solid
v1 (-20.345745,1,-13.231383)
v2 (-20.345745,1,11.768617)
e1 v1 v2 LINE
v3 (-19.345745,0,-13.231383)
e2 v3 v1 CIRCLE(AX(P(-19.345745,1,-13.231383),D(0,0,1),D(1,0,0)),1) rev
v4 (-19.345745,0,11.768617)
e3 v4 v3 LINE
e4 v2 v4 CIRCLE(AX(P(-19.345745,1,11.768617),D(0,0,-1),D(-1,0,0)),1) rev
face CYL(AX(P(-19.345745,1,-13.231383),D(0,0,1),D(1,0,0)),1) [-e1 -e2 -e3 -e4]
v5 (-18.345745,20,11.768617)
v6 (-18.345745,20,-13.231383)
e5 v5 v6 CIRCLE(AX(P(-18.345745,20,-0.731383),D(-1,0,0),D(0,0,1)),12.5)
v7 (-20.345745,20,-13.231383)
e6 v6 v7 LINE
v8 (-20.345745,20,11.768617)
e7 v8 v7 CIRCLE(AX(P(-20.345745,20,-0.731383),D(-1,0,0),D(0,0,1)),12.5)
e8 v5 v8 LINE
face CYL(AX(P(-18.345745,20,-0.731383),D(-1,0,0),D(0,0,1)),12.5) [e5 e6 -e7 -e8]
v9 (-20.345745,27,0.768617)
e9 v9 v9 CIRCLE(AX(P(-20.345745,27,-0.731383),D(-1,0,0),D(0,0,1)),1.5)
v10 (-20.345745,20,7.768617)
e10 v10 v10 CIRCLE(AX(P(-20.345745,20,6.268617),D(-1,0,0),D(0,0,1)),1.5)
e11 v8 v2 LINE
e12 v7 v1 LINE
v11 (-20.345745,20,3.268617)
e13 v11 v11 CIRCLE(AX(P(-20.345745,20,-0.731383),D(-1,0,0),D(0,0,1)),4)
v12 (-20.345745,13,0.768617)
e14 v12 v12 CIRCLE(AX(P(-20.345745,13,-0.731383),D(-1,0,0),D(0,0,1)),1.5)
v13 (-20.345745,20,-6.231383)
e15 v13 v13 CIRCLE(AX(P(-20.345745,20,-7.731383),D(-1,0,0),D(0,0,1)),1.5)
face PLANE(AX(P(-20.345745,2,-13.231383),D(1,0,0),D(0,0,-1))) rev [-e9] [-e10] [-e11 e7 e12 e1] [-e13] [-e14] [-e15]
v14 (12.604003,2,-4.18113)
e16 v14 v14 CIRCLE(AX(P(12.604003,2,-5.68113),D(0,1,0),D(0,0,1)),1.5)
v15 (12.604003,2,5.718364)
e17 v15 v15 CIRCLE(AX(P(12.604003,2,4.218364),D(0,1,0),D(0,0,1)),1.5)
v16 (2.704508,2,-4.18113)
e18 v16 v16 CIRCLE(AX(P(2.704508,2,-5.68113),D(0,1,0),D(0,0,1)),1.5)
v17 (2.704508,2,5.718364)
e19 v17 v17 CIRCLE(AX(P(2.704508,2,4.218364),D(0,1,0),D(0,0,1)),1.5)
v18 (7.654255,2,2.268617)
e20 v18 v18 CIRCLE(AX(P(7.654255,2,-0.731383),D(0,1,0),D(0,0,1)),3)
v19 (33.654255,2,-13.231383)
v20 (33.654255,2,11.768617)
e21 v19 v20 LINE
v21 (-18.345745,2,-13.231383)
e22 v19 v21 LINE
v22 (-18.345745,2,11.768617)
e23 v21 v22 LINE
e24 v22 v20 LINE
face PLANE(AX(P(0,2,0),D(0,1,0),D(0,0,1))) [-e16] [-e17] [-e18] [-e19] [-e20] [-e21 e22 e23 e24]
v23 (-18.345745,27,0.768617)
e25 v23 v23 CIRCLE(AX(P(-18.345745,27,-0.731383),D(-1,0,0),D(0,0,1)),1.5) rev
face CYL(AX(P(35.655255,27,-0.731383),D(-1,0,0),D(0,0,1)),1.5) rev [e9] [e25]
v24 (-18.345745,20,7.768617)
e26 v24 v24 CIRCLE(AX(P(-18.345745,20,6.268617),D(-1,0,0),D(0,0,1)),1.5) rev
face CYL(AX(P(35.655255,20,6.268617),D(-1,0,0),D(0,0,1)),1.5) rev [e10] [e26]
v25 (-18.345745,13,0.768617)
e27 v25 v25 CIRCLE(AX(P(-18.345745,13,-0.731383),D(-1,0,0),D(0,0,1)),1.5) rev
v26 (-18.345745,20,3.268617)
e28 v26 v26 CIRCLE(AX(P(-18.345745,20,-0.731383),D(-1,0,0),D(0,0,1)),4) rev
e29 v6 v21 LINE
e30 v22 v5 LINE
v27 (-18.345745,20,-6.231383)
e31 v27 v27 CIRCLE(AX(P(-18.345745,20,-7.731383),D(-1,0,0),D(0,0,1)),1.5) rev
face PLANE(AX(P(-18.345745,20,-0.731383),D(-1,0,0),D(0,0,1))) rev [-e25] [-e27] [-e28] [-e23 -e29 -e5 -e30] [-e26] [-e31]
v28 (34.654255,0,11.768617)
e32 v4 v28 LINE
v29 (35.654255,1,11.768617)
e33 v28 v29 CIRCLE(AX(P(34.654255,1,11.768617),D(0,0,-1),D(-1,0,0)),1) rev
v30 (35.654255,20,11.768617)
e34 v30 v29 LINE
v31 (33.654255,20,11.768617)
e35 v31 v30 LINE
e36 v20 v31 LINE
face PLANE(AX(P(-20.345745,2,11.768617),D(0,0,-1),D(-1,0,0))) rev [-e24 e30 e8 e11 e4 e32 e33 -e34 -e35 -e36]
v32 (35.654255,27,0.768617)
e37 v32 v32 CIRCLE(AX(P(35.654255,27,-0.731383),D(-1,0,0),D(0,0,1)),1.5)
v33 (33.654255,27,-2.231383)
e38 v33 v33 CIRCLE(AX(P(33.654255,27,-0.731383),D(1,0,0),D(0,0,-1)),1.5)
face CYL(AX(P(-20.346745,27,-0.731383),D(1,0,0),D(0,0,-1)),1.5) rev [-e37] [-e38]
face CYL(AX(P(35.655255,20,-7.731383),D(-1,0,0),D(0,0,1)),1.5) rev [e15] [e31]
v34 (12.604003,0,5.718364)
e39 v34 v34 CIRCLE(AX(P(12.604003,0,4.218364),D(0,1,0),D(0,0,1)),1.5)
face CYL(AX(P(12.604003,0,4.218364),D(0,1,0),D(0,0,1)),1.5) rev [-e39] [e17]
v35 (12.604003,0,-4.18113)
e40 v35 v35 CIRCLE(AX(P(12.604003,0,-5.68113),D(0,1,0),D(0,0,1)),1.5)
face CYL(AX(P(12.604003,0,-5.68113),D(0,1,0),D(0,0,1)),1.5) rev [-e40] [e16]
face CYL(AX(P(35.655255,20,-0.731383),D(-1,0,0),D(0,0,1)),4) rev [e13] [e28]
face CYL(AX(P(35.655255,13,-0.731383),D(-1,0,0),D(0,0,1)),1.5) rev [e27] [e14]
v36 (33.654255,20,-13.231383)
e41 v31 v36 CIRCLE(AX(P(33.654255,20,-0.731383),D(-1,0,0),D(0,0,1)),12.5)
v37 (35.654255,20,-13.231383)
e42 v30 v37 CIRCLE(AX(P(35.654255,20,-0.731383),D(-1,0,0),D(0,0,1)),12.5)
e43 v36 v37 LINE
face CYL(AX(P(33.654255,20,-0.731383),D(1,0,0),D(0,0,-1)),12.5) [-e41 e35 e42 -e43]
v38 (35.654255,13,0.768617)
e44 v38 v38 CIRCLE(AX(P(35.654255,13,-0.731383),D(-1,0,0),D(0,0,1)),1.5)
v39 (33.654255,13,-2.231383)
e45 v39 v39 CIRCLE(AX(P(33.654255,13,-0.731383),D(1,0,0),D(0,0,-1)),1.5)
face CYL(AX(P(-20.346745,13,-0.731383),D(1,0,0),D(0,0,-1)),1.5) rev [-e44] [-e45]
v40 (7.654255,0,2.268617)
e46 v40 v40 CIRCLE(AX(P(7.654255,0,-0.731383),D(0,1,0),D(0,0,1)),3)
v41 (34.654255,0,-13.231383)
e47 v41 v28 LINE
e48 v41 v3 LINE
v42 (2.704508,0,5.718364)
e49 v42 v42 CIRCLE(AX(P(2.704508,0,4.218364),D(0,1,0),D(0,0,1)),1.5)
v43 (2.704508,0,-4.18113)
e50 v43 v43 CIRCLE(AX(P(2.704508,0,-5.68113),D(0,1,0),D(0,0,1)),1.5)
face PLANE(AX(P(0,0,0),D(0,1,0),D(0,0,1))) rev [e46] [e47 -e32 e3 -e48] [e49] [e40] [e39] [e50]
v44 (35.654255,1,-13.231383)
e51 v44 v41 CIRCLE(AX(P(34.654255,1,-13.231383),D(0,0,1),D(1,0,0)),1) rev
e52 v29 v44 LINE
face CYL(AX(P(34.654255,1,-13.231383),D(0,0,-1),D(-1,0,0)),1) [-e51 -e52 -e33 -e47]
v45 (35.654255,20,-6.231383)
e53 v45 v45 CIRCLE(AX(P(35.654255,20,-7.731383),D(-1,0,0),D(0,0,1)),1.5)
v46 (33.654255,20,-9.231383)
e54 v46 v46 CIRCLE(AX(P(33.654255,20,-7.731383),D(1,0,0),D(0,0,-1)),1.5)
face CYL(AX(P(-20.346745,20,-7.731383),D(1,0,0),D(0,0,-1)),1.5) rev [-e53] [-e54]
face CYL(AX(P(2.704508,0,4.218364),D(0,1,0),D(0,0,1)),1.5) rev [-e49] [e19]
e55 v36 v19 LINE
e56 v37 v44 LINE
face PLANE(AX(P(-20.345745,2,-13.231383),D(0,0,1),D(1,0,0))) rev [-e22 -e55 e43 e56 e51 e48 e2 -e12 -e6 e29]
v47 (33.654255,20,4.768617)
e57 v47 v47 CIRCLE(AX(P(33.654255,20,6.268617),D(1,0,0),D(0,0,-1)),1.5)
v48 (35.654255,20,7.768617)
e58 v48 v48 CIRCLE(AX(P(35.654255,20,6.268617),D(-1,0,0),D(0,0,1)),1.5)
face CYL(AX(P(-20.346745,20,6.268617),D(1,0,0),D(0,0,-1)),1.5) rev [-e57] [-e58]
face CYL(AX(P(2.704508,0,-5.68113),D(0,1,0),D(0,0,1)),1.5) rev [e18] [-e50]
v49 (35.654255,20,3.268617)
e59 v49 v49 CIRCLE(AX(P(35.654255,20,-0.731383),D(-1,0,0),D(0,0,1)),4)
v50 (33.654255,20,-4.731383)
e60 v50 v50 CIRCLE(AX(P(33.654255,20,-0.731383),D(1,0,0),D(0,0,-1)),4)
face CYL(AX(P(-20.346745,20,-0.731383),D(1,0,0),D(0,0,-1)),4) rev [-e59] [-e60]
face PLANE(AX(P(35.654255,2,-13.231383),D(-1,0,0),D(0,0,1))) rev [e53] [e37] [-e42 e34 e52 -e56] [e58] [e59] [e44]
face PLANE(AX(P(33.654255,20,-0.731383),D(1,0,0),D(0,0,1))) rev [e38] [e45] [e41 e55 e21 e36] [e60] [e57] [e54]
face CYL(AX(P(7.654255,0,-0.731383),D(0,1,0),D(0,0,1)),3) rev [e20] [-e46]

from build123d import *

# Parameters (mm, degrees)
SKETCH_1_W          = 56
SKETCH_1_H          = 25
EXTRUDE_1_DEPTH     = 2
SKETCH_2_R          = 3
SKETCH_2_R_2        = 1.5
CUT_EXTRUDE_1_DEPTH = 39.082744359
EXTRUDE_2_DEPTH     = 2
CUT_EXTRUDE_2_REACH = 68.086
SKETCH_4_R          = 4
SKETCH_4_R_2        = 1.5
FILLET_1_R          = 1


with BuildPart() as part:
    # 草图1 → 凸台-拉伸1 (new body)
    with BuildSketch(Plane(origin=(0, 0, 0), x_dir=(1, 0, 0), z_dir=(0, 1, 0))):
        with Locations((7.654255319, 0.731382979)):
            Rectangle(SKETCH_1_W, SKETCH_1_H)
    extrude(amount=EXTRUDE_1_DEPTH)

    # 草图2 → 切除-拉伸1 (cut, through all)
    with BuildSketch(Plane(origin=(0, 2, 0), x_dir=(1, 0, 0), z_dir=(0, 1, 0))):
        with Locations(Location((7.654255319, 0.731382979, 0), (0, 0, 270))):
            Circle(SKETCH_2_R)
        with Locations(Location((12.604002787, 5.681130447, 0), (0, 0, 270))):
            Circle(SKETCH_2_R_2)
        with Locations(Location((2.704507851, 5.681130447, 0), (0, 0, 270))):
            Circle(SKETCH_2_R_2)
        with Locations(Location((12.604002787, -4.21836449, 0), (0, 0, 270))):
            Circle(SKETCH_2_R_2)
        with Locations(Location((2.704507851, -4.21836449, 0), (0, 0, 270))):
            Circle(SKETCH_2_R_2)
    extrude(amount=-CUT_EXTRUDE_1_DEPTH, mode=Mode.SUBTRACT)

    # 草图3 → 凸台-拉伸2 (add)
    with BuildSketch(Plane.ZY.offset(20.345744681)):
        with BuildLine():
            Line((-13.231382979, 20), (-13.231382979, 2))
            Line((-13.231382979, 2), (11.768617021, 2))
            Line((11.768617021, 2), (11.768617021, 20))
            ThreePointArc((11.768617021, 20), (-0.731382979, 32.5), (-13.231382979, 20))
        make_face()
    extrude_2 = extrude(amount=-EXTRUDE_2_DEPTH)

    # 草图4 → 切除-拉伸2 (cut, up to next)
    with BuildSketch(Plane.ZY.offset(20.345744681), mode=Mode.PRIVATE) as cut_extrude_2_sk1:
        with Locations((-0.731382979, 20)):
            Circle(SKETCH_4_R)
    cut_extrude_2_tool1 = extrude(cut_extrude_2_sk1.sketch, amount=-CUT_EXTRUDE_2_REACH, mode=Mode.PRIVATE) & part.part
    # 草图4 → 切除-拉伸2 (cut, up to next)
    with BuildSketch(Plane.ZY.offset(20.345744681), mode=Mode.PRIVATE) as cut_extrude_2_sk2:
        with Locations((-0.731382979, 27)):
            Circle(SKETCH_4_R_2)
    cut_extrude_2_tool2 = extrude(cut_extrude_2_sk2.sketch, amount=-CUT_EXTRUDE_2_REACH, mode=Mode.PRIVATE) & part.part
    # 草图4 → 切除-拉伸2 (cut, up to next)
    with BuildSketch(Plane.ZY.offset(20.345744681), mode=Mode.PRIVATE) as cut_extrude_2_sk3:
        with Locations((6.268617021, 20)):
            Circle(SKETCH_4_R_2)
    cut_extrude_2_tool3 = extrude(cut_extrude_2_sk3.sketch, amount=-CUT_EXTRUDE_2_REACH, mode=Mode.PRIVATE) & part.part
    # 草图4 → 切除-拉伸2 (cut, up to next)
    with BuildSketch(Plane.ZY.offset(20.345744681), mode=Mode.PRIVATE) as cut_extrude_2_sk4:
        with Locations((-0.731382979, 13)):
            Circle(SKETCH_4_R_2)
    cut_extrude_2_tool4 = extrude(cut_extrude_2_sk4.sketch, amount=-CUT_EXTRUDE_2_REACH, mode=Mode.PRIVATE) & part.part
    # 草图4 → 切除-拉伸2 (cut, up to next)
    with BuildSketch(Plane.ZY.offset(20.345744681), mode=Mode.PRIVATE) as cut_extrude_2_sk5:
        with Locations((-7.731382979, 20)):
            Circle(SKETCH_4_R_2)
    cut_extrude_2_tool5 = extrude(cut_extrude_2_sk5.sketch, amount=-CUT_EXTRUDE_2_REACH, mode=Mode.PRIVATE) & part.part
    cut_extrude_2_1 = cut_extrude_2_tool1.solids().sort_by_distance((-20.345745, 20, -0.731383))[0]
    add(cut_extrude_2_1, mode=Mode.SUBTRACT)
    cut_extrude_2_2 = cut_extrude_2_tool2.solids().sort_by_distance((-20.345745, 27, -0.731383))[0]
    add(cut_extrude_2_2, mode=Mode.SUBTRACT)
    cut_extrude_2_3 = cut_extrude_2_tool3.solids().sort_by_distance((-20.345745, 20, 6.268617))[0]
    add(cut_extrude_2_3, mode=Mode.SUBTRACT)
    cut_extrude_2_4 = cut_extrude_2_tool4.solids().sort_by_distance((-20.345745, 13, -0.731383))[0]
    add(cut_extrude_2_4, mode=Mode.SUBTRACT)
    cut_extrude_2_5 = cut_extrude_2_tool5.solids().sort_by_distance((-20.345745, 20, -7.731383))[0]
    add(cut_extrude_2_5, mode=Mode.SUBTRACT)
    cut_extrude_2 = cut_extrude_2_1 + cut_extrude_2_2 + cut_extrude_2_3 + cut_extrude_2_4 + cut_extrude_2_5  # 切除-拉伸2 as one shape, for the pattern or mirror that repeats it

    # 镜向1: 凸台-拉伸2, 切除-拉伸2 across plane
    add(extrude_2.mirror(Plane.ZY.offset(-7.654255319)))
    add(cut_extrude_2.mirror(Plane.ZY.offset(-7.654255319)), mode=Mode.SUBTRACT)

    # 圆角1
    fillet_1_edges = [part.edges().sort_by_distance(p)[0] for p in [
        (35.654255319, 0, -0.731382979),
        (-20.345744681, 0, -0.731382979),
    ]]
    fillet(fillet_1_edges, radius=FILLET_1_R)


solid = part.part
